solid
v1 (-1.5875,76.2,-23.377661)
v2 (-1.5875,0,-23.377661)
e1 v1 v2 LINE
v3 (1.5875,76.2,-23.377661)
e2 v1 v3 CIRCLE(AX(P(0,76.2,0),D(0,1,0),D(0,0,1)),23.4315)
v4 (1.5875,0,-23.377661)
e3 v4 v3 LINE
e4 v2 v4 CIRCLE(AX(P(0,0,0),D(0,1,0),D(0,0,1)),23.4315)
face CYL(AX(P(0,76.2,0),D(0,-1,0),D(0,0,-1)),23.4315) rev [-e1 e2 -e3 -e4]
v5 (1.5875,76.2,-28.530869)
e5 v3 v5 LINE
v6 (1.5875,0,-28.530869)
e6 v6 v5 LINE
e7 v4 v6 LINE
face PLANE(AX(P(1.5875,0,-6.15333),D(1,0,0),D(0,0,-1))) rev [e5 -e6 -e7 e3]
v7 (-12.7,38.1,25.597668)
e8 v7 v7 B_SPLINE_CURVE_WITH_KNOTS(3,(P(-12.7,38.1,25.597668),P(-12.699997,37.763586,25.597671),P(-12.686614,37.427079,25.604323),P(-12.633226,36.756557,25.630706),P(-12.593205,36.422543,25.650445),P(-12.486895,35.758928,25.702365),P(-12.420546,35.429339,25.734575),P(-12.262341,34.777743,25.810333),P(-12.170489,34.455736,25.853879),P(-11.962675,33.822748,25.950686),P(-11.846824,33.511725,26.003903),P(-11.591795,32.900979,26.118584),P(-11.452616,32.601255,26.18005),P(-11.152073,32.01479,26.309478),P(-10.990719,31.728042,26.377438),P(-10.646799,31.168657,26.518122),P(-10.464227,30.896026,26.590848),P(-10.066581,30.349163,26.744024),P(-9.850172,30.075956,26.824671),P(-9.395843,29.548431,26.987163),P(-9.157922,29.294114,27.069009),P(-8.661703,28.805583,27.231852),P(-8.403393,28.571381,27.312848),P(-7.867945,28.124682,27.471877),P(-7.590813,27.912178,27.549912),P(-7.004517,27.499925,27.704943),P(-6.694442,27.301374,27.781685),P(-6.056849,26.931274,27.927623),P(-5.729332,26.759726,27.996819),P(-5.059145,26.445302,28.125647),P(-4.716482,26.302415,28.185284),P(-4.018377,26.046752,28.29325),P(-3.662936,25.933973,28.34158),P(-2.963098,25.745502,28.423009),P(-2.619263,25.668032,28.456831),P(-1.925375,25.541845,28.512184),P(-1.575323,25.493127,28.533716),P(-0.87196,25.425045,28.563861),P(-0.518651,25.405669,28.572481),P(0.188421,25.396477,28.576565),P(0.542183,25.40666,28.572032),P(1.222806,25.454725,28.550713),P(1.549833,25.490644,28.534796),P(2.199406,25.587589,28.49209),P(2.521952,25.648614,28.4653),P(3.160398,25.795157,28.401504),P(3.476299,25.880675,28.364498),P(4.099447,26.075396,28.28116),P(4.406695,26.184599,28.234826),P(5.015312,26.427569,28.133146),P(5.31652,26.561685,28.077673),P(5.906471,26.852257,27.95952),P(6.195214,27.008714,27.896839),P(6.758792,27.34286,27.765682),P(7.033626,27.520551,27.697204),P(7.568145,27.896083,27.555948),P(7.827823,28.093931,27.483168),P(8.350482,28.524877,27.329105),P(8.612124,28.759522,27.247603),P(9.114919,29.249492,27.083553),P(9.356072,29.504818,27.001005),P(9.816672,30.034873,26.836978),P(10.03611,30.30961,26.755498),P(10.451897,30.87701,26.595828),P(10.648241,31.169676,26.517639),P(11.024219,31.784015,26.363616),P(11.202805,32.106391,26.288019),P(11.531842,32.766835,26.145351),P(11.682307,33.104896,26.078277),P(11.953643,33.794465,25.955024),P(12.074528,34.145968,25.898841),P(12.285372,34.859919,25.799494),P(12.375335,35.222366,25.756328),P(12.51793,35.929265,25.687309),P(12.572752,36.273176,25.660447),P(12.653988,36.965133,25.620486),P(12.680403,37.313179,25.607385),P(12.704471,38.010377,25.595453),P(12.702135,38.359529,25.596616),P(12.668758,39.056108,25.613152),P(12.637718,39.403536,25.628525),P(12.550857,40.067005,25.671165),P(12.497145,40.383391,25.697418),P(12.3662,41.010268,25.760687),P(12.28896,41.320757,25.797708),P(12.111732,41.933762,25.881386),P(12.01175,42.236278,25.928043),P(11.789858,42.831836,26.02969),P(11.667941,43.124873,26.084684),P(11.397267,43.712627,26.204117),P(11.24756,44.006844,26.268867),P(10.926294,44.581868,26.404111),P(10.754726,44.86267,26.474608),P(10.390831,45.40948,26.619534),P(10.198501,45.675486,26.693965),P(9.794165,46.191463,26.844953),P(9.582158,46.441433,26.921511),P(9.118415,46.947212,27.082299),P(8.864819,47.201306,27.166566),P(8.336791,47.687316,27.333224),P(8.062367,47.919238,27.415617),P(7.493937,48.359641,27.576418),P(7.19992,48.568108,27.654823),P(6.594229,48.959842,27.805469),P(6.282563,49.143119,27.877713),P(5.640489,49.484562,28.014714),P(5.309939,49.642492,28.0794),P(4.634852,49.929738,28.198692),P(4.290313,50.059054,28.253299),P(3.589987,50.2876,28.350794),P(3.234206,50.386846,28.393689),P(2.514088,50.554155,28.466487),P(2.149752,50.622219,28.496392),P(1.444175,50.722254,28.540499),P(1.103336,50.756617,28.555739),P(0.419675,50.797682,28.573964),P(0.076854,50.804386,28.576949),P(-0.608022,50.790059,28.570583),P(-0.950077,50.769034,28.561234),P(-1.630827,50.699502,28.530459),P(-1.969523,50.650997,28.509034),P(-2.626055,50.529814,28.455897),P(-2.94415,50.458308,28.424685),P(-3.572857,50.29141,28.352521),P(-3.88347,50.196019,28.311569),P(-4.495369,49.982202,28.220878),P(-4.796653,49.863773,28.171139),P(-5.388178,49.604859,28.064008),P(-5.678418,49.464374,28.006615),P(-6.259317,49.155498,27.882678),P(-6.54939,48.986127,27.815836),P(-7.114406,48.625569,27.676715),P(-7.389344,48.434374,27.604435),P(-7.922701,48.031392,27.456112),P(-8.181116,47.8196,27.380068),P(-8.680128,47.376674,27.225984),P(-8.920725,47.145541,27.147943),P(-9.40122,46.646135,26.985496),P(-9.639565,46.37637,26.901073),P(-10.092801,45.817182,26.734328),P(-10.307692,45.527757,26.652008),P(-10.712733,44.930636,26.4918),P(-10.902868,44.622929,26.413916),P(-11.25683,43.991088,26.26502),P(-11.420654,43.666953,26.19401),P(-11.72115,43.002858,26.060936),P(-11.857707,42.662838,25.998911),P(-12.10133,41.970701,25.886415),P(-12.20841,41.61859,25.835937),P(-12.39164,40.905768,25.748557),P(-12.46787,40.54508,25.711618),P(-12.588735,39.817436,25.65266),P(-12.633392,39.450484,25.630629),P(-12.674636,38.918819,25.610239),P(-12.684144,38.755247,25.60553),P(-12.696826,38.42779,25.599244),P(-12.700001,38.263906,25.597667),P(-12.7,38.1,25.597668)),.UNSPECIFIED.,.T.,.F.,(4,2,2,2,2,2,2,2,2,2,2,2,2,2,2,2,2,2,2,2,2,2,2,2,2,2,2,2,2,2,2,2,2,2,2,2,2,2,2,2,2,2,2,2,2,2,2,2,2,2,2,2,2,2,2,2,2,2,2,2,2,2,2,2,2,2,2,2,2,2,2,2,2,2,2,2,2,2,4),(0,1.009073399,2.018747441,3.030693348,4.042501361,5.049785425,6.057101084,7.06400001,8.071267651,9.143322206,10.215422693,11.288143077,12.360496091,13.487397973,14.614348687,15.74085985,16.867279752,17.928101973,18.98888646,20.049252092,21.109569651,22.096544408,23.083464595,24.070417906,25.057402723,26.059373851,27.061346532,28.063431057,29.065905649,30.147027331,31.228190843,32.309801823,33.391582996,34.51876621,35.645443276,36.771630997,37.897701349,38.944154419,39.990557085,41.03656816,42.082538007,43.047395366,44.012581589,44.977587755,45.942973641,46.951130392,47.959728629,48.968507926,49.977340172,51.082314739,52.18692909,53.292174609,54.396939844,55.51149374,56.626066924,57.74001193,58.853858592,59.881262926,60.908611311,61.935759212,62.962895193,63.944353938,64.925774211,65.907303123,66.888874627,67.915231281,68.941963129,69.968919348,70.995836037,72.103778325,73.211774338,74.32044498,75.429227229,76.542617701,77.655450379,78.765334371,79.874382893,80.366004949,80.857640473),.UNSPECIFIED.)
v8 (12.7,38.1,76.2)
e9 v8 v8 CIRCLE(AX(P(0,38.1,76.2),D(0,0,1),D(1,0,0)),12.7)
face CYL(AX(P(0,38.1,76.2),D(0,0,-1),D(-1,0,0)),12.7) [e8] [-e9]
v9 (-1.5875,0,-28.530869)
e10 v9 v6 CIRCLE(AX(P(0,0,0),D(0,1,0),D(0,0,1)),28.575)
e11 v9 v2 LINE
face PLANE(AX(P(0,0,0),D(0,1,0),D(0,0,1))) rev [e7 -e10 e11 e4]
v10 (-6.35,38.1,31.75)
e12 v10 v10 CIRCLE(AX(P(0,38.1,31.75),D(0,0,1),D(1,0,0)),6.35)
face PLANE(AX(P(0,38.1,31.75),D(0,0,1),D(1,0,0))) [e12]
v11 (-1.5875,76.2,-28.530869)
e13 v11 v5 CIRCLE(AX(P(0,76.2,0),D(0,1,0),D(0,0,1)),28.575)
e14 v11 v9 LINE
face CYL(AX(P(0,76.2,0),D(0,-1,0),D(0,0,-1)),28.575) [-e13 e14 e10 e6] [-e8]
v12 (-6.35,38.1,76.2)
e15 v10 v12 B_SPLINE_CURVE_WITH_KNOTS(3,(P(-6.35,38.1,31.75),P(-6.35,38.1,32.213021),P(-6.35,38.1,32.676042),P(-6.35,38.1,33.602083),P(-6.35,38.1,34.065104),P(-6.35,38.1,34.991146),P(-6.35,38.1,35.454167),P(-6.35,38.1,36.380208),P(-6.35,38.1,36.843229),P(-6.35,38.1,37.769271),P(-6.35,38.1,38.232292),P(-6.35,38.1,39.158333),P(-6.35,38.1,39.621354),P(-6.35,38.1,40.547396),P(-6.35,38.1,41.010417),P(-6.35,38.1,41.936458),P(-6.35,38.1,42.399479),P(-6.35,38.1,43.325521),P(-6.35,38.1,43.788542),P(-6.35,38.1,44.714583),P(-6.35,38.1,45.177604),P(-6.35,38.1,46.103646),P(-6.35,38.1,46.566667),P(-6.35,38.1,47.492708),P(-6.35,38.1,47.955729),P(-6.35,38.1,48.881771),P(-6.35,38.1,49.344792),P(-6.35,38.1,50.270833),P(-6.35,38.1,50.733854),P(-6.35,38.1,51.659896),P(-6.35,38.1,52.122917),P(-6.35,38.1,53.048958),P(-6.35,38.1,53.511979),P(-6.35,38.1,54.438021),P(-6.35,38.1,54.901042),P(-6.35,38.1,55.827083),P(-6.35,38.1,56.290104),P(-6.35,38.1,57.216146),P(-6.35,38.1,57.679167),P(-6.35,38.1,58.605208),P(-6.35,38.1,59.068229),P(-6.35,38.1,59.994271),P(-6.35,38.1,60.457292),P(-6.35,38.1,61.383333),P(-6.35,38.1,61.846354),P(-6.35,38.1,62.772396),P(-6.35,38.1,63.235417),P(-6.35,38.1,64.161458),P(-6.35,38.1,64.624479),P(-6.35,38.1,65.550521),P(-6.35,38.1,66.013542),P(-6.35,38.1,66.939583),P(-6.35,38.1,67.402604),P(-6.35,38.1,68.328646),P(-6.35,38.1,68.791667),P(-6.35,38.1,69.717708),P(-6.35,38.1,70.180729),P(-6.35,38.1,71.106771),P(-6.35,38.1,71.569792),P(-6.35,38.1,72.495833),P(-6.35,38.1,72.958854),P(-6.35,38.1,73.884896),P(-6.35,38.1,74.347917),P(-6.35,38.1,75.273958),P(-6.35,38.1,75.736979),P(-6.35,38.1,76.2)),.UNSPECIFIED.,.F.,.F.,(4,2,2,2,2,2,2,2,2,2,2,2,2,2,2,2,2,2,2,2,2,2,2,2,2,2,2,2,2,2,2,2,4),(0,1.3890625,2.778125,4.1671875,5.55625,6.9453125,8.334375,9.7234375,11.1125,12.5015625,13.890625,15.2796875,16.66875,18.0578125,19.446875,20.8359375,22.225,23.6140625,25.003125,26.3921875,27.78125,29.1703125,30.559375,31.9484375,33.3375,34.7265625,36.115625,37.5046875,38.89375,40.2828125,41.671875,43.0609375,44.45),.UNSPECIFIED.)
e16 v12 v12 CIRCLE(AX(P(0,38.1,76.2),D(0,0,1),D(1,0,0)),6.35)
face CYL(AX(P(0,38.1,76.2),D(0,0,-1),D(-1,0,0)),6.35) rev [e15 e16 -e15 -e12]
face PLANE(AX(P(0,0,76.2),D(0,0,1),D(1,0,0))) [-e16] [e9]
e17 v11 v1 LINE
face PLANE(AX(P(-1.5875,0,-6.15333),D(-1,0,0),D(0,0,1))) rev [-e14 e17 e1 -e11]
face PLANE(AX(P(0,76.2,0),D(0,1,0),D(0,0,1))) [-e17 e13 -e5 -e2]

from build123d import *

# Parameters (mm, degrees)
SKETCH1_R           = 28.575
SKETCH1_R_2         = 23.4315
BOSS_EXTRUDE1_DEPTH = 76.2
BOSS_EXTRUDE2_DEPTH = 76.2
BOSS_EXTRUDE4_START = -31.75
SKETCH5_R           = 12.7
BOSS_EXTRUDE4_DEPTH = 31.75
SKETCH3_R           = 23.4315
CUT_EXTRUDE1_DEPTH  = 112.487266812
SKETCH6_W           = 3.175
SKETCH6_H           = 34.556340068
CUT_EXTRUDE2_DEPTH  = 112.487266812


with BuildPart() as part:
    # Sketch1 → Boss-Extrude1 (new body)
    with BuildSketch(Plane(origin=(0, 0, 0), x_dir=(1, 0, 0), z_dir=(0, 1, 0))):
        with Locations(Location((0, 0, 0), (0, 0, 90))):
            Circle(SKETCH1_R)
        with Locations(Location((0, 0, 0), (0, 0, 90))):
            Circle(SKETCH1_R_2, mode=Mode.SUBTRACT)
    extrude(amount=BOSS_EXTRUDE1_DEPTH)

    # Sketch2 → Boss-Extrude2 (add)
    with BuildSketch(Plane.XY):
        with BuildLine():
            ThreePointArc((-6.35, 38.1), (0, 44.45), (6.35, 38.1))
            Line((6.35, 38.1), (12.7, 38.1))
            ThreePointArc((12.7, 38.1), (0, 50.8), (-12.7, 38.1))
            Line((-12.7, 38.1), (-6.35, 38.1))
        make_face()
        with BuildLine():
            Line((12.7, 38.1), (6.35, 38.1))
            ThreePointArc((6.35, 38.1), (0, 31.75), (-6.35, 38.1))
            Line((-6.35, 38.1), (-12.7, 38.1))
            ThreePointArc((-12.7, 38.1), (0, 25.4), (12.7, 38.1))
        make_face()
    extrude(amount=BOSS_EXTRUDE2_DEPTH)

    # Sketch5 → Boss-Extrude4 (add)
    with BuildSketch(Plane.XY.offset(31.75).offset(BOSS_EXTRUDE4_START)):
        with Locations(Location((0, 38.1, 0), (0, 0, 180))):
            Circle(SKETCH5_R)
    extrude(amount=BOSS_EXTRUDE4_DEPTH)

    # Sketch3 → Cut-Extrude1 (cut, through all)
    with BuildSketch(Plane(origin=(0, 76.2, 0), x_dir=(1, 0, 0), z_dir=(0, 1, 0))):
        with Locations(Location((0, 0, 0), (0, 0, 90))):
            Circle(SKETCH3_R)
    extrude(amount=-CUT_EXTRUDE1_DEPTH, mode=Mode.SUBTRACT)

    # Sketch6 → Cut-Extrude2 (cut, through all)
    with BuildSketch(Plane(origin=(0, 76.2, 0), x_dir=(1, 0, 0), z_dir=(0, 1, 0))):
        with Locations((0, 23.4315)):
            Rectangle(SKETCH6_W, SKETCH6_H)
    extrude(amount=-CUT_EXTRUDE2_DEPTH, mode=Mode.SUBTRACT)


solid = part.part
